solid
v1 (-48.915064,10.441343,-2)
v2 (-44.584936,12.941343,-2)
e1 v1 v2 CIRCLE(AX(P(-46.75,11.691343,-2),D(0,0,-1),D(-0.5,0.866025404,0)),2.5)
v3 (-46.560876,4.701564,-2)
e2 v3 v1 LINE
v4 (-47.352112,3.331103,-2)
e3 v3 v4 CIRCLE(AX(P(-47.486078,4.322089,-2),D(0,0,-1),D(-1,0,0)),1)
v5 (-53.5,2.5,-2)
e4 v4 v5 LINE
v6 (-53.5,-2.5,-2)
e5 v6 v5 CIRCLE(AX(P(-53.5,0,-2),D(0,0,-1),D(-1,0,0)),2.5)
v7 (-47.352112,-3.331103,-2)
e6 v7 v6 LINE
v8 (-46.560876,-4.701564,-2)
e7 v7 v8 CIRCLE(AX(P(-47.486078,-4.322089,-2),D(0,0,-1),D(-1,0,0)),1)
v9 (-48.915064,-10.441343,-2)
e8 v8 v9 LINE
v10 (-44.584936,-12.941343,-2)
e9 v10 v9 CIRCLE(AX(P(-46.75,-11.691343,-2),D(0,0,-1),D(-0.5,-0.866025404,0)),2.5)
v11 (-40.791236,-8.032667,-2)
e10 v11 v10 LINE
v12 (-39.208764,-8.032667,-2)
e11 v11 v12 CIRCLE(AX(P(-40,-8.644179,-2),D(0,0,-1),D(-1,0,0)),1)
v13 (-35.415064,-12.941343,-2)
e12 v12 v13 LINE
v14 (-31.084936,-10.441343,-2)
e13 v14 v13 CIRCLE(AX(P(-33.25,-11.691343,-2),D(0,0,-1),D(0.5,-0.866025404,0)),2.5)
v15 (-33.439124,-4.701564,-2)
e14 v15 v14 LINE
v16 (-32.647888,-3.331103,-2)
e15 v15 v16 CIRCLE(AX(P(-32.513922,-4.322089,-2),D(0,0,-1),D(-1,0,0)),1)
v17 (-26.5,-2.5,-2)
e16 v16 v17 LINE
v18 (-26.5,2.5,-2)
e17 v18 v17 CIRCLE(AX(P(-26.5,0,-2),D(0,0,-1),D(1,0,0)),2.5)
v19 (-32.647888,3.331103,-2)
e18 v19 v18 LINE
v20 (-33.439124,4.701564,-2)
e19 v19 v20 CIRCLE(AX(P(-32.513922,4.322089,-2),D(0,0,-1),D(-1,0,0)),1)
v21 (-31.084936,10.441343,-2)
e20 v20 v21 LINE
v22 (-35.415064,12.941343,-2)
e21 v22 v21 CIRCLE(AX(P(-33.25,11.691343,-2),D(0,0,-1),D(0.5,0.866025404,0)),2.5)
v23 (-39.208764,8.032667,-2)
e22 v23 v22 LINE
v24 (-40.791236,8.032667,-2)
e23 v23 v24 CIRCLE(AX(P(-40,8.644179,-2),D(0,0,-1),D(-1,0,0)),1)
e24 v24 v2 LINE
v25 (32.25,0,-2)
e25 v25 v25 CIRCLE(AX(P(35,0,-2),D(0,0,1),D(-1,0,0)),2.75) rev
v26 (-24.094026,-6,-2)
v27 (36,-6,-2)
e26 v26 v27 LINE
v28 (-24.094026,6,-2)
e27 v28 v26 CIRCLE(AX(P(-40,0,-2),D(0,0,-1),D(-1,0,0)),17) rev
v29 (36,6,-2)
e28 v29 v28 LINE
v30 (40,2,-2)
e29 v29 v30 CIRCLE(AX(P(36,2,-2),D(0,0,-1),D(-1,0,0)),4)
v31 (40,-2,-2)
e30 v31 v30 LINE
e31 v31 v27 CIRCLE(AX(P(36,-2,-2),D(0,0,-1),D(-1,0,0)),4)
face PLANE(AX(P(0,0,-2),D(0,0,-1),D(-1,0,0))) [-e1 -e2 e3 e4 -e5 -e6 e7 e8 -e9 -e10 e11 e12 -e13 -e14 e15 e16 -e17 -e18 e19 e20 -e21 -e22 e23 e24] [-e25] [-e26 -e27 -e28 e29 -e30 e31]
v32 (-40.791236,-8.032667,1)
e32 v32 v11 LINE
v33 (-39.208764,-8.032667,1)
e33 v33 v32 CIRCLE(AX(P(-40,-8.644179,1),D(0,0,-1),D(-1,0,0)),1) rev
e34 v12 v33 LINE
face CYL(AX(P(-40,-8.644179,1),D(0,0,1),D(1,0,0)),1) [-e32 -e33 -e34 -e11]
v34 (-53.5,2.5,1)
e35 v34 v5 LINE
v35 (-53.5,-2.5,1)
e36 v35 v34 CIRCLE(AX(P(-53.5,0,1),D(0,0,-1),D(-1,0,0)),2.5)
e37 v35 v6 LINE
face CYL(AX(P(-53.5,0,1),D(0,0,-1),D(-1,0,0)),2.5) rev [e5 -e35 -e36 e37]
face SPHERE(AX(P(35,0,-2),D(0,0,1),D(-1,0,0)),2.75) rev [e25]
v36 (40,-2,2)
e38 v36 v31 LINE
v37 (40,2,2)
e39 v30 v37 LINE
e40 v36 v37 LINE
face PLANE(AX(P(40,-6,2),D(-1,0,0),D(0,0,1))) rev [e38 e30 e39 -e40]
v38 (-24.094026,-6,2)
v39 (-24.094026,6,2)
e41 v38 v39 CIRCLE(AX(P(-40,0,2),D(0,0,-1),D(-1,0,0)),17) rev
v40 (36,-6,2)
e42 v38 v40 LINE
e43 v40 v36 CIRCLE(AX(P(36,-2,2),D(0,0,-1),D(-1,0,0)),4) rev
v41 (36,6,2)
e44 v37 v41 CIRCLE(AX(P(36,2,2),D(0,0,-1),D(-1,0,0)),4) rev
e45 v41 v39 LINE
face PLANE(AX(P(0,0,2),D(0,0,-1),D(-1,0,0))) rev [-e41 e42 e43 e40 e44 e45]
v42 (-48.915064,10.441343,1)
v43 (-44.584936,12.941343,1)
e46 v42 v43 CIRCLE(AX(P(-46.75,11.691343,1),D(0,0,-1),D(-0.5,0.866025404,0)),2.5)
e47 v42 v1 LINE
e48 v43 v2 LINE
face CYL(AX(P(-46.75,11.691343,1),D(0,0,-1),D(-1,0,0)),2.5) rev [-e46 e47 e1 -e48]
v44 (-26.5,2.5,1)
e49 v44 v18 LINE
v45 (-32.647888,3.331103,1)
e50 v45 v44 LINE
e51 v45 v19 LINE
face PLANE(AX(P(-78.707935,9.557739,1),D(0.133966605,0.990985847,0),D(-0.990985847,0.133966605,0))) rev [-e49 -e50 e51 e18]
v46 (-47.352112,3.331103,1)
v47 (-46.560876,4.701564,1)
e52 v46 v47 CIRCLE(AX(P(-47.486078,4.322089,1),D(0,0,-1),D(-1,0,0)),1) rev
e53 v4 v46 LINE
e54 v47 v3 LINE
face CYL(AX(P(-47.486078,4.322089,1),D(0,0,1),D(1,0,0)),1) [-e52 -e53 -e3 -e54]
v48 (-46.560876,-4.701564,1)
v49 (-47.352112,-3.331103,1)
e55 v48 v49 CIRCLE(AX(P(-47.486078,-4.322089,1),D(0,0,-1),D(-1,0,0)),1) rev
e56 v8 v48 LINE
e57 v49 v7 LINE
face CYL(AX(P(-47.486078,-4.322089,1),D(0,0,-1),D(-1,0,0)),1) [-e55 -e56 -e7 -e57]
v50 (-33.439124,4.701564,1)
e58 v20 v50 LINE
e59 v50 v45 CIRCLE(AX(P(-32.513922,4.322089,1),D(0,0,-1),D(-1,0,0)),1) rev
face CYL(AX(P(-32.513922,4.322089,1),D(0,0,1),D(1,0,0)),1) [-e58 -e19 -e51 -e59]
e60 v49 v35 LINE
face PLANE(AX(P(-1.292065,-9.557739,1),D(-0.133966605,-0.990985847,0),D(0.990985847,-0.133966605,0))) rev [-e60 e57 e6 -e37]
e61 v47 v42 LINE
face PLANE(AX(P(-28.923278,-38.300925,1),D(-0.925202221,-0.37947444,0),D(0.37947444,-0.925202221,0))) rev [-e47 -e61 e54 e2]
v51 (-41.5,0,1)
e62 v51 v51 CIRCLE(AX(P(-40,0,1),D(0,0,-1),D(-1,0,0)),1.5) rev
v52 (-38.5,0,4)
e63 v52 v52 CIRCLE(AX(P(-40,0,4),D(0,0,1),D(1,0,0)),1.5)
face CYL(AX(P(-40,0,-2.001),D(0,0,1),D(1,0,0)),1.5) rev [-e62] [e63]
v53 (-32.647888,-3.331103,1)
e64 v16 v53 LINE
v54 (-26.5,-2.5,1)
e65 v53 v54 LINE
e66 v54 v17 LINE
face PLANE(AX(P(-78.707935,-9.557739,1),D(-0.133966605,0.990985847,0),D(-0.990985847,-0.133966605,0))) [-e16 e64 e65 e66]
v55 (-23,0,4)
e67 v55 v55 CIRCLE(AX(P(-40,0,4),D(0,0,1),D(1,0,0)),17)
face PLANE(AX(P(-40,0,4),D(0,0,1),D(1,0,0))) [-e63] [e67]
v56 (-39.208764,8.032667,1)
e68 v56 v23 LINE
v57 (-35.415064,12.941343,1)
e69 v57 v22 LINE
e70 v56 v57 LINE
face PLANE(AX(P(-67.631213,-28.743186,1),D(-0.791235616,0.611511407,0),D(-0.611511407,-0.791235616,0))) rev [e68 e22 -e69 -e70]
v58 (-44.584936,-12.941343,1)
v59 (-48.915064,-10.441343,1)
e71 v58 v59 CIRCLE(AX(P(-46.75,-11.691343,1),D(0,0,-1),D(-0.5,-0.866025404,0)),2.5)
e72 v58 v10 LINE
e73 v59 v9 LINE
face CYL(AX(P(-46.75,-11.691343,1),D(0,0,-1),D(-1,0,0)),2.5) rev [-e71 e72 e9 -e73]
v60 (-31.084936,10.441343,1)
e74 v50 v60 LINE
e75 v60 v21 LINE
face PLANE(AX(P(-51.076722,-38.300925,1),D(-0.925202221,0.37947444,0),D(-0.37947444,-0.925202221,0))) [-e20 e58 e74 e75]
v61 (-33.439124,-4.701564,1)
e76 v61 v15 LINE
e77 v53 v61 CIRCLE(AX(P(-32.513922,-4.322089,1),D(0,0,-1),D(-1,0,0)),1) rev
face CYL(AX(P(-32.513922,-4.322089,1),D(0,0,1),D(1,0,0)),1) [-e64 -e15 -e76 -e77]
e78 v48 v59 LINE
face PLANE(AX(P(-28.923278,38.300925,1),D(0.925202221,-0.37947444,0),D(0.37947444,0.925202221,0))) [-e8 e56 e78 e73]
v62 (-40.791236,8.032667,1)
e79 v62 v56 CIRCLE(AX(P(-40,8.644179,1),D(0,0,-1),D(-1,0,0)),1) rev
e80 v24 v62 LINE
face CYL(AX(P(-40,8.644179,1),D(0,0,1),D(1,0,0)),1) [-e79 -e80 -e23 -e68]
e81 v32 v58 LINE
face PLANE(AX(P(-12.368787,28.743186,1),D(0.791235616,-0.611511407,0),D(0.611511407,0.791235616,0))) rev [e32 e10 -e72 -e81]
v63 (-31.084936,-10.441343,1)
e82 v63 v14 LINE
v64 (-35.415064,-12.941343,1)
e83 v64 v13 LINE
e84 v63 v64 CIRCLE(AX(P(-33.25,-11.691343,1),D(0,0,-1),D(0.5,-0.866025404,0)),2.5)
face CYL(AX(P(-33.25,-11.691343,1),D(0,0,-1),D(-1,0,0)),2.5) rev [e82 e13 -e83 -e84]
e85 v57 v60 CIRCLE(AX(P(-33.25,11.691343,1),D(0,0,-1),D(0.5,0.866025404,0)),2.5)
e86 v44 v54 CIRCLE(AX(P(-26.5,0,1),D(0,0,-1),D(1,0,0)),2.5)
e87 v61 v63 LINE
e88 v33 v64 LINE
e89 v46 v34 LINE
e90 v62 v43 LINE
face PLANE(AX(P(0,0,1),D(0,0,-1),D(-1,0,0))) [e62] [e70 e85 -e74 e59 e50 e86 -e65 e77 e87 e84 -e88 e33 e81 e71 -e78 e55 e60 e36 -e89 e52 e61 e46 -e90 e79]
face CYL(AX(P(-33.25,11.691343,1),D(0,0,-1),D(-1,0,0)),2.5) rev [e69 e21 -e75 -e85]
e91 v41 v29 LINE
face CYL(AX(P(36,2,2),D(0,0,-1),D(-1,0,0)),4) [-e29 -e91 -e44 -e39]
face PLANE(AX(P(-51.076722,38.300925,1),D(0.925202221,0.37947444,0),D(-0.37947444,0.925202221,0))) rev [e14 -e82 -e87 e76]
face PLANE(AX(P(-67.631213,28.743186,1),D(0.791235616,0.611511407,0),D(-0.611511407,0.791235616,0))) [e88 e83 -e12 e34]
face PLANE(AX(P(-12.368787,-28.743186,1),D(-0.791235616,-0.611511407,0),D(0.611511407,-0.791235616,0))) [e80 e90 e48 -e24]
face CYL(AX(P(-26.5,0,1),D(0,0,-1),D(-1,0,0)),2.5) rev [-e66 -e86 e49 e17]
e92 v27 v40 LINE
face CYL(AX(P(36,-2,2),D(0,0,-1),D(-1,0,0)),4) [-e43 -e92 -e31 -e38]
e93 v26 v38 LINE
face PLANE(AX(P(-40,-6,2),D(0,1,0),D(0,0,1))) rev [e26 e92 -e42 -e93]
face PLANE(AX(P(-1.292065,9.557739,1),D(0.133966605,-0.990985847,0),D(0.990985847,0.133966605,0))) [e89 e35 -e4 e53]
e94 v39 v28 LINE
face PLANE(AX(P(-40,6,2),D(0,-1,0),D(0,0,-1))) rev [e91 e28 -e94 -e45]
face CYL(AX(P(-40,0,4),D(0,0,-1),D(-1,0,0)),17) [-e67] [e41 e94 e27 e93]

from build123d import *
from build123d.topology import SkipClean

# Parameters (mm, degrees)
SKETCH1_W                       = 80
SKETCH1_H                       = 12
BOSS_EXTRUDE1_DEPTH             = 2
CUT_REVOLVE1_ANGLE              = 180
FILLET2_R                       = 4
BOSS_EXTRUDE2_REACH             = 42.645
SKETCH6_R                       = 17
BOSS_EXTRUDE2_DIRECTION_2_DEPTH = 2
SKETCH7_R                       = 2.5
CUT_EXTRUDE3_DEPTH              = 3
CIRPATTERN1_COUNT               = 6
FILLET3_R                       = 1
CUT_EXTRUDE4_REACH              = 61.783
SKETCH8_R                       = 1.5


with BuildPart() as part:
    # Sketch1 → Boss-Extrude1 (new, symmetric)
    with BuildSketch(Plane.XY):
        Rectangle(SKETCH1_W, SKETCH1_H)
    extrude(amount=BOSS_EXTRUDE1_DEPTH, both=True)

    # Sketch3 → Cut-Revolve1 (revolve, cut)
    with SkipClean():  # the faces are left unmerged after this step: merging them gives an invalid solid
        with BuildSketch(Plane.XY.offset(-2)):
            with BuildLine():
                ThreePointArc((37.75, 0), (35, 2.75), (32.25, 0))
                Line((32.25, 0), (37.75, 0))
            make_face()
            with BuildLine():
                Line((37.75, 0), (32.25, 0))
                ThreePointArc((32.25, 0), (35, -2.75), (37.75, 0))
            make_face()
        revolve(axis=Axis((32.25, 0, -2), (1, 0, 0)), revolution_arc=CUT_REVOLVE1_ANGLE, mode=Mode.SUBTRACT)

    # Fillet2
    fillet2_edges = [part.edges().sort_by_distance(p)[0] for p in [
        (40, -6, 0),
        (40, 6, 0),
    ]]
    fillet(fillet2_edges, radius=FILLET2_R)

    # Boss-Extrude2: up to this face of the body (flat: up to its plane)
    boss_extrude2_end = Plane(part.part.faces().sort_by_distance((-1.183693998, 0, -2))[0])
    # Sketch6 → Boss-Extrude2 (add, up to the picked face)
    with BuildSketch(Plane.XY.offset(2), mode=Mode.PRIVATE) as boss_extrude2_sk1:
        with Locations(Location((-40, 0, 0), (0, 0, 20.667316494))):
            Circle(SKETCH6_R)
    boss_extrude2_tool1 = split(extrude(boss_extrude2_sk1.sketch, amount=-BOSS_EXTRUDE2_REACH, mode=Mode.PRIVATE), bisect_by=boss_extrude2_end, keep=Keep.BOTH, mode=Mode.PRIVATE)
    add(boss_extrude2_tool1.solids().sort_by(Axis((-40, 0, 2), (0, 0, -1)))[0])

    # Sketch6 → Boss-Extrude2 direction 2 (add)
    with BuildSketch(Plane.XY.offset(2)):
        with Locations(Location((-40, 0, 0), (0, 0, 20.667316494))):
            Circle(SKETCH6_R)
    extrude(amount=BOSS_EXTRUDE2_DIRECTION_2_DEPTH)

    # Sketch7 → Cut-Extrude3 (cut)
    with BuildSketch(Plane(origin=(0, 0, -2), x_dir=(-1, 0, 0), z_dir=(0, 0, -1))):
        with BuildLine():
            Line((41.148365434, 4.169758006), (40, 4.325))
            ThreePointArc((40, 4.325), (35.675, 0), (40, -4.325))
            Line((40, -4.325), (41.148365434, -4.169758006))
            ThreePointArc((41.148365434, -4.169758006), (43.440371019, -2.620967808), (44.325, 0))
            ThreePointArc((44.325, 0), (43.440371019, 2.620967808), (41.148365434, 4.169758006))
        make_face()
        with BuildLine():
            Line((53.5, 2.5), (41.148365434, 4.169758006))
            ThreePointArc((41.148365434, 4.169758006), (43.440371019, 2.620967808), (44.325, 0))
            ThreePointArc((44.325, 0), (43.440371019, -2.620967808), (41.148365434, -4.169758006))
            Line((41.148365434, -4.169758006), (53.5, -2.5))
            ThreePointArc((53.5, -2.5), (51, 0), (53.5, 2.5))
        make_face()
        with Locations((53.5, 0)):
            Circle(SKETCH7_R)
    cut_extrude3 = extrude(amount=-CUT_EXTRUDE3_DEPTH, mode=Mode.SUBTRACT)

    # CirPattern1: Cut-Extrude3 ×6 about axis
    cirpattern1_axis = Axis((-40, 0, 0), (0, 0, 1))
    for i in range(1, CIRPATTERN1_COUNT):
        add(cut_extrude3.rotate(cirpattern1_axis, i * 360 / CIRPATTERN1_COUNT), mode=Mode.SUBTRACT)

    # Fillet3
    fillet3_edges = [part.edges().sort_by_distance(p)[0] for p in [
        (-46.069873399, 3.504443041, -0.5),
        (-40, 7.008886081, -0.5),
        (-33.930126601, 3.504443041, -0.5),
        (-33.930126601, -3.504443041, -0.5),
        (-40, -7.008886081, -0.5),
        (-46.069873399, -3.504443041, -0.5),
    ]]
    fillet(fillet3_edges, radius=FILLET3_R)

    # Sketch8 → Cut-Extrude4 (cut, up to next)
    with BuildSketch(Plane.XY.offset(4), mode=Mode.PRIVATE) as cut_extrude4_sk1:
        with Locations((-40, 0)):
            Circle(SKETCH8_R)
    cut_extrude4_tool1 = extrude(cut_extrude4_sk1.sketch, amount=-CUT_EXTRUDE4_REACH, mode=Mode.PRIVATE) & part.part
    add(cut_extrude4_tool1.solids().sort_by_distance((-40, 0, 4))[0], mode=Mode.SUBTRACT)


solid = part.part
